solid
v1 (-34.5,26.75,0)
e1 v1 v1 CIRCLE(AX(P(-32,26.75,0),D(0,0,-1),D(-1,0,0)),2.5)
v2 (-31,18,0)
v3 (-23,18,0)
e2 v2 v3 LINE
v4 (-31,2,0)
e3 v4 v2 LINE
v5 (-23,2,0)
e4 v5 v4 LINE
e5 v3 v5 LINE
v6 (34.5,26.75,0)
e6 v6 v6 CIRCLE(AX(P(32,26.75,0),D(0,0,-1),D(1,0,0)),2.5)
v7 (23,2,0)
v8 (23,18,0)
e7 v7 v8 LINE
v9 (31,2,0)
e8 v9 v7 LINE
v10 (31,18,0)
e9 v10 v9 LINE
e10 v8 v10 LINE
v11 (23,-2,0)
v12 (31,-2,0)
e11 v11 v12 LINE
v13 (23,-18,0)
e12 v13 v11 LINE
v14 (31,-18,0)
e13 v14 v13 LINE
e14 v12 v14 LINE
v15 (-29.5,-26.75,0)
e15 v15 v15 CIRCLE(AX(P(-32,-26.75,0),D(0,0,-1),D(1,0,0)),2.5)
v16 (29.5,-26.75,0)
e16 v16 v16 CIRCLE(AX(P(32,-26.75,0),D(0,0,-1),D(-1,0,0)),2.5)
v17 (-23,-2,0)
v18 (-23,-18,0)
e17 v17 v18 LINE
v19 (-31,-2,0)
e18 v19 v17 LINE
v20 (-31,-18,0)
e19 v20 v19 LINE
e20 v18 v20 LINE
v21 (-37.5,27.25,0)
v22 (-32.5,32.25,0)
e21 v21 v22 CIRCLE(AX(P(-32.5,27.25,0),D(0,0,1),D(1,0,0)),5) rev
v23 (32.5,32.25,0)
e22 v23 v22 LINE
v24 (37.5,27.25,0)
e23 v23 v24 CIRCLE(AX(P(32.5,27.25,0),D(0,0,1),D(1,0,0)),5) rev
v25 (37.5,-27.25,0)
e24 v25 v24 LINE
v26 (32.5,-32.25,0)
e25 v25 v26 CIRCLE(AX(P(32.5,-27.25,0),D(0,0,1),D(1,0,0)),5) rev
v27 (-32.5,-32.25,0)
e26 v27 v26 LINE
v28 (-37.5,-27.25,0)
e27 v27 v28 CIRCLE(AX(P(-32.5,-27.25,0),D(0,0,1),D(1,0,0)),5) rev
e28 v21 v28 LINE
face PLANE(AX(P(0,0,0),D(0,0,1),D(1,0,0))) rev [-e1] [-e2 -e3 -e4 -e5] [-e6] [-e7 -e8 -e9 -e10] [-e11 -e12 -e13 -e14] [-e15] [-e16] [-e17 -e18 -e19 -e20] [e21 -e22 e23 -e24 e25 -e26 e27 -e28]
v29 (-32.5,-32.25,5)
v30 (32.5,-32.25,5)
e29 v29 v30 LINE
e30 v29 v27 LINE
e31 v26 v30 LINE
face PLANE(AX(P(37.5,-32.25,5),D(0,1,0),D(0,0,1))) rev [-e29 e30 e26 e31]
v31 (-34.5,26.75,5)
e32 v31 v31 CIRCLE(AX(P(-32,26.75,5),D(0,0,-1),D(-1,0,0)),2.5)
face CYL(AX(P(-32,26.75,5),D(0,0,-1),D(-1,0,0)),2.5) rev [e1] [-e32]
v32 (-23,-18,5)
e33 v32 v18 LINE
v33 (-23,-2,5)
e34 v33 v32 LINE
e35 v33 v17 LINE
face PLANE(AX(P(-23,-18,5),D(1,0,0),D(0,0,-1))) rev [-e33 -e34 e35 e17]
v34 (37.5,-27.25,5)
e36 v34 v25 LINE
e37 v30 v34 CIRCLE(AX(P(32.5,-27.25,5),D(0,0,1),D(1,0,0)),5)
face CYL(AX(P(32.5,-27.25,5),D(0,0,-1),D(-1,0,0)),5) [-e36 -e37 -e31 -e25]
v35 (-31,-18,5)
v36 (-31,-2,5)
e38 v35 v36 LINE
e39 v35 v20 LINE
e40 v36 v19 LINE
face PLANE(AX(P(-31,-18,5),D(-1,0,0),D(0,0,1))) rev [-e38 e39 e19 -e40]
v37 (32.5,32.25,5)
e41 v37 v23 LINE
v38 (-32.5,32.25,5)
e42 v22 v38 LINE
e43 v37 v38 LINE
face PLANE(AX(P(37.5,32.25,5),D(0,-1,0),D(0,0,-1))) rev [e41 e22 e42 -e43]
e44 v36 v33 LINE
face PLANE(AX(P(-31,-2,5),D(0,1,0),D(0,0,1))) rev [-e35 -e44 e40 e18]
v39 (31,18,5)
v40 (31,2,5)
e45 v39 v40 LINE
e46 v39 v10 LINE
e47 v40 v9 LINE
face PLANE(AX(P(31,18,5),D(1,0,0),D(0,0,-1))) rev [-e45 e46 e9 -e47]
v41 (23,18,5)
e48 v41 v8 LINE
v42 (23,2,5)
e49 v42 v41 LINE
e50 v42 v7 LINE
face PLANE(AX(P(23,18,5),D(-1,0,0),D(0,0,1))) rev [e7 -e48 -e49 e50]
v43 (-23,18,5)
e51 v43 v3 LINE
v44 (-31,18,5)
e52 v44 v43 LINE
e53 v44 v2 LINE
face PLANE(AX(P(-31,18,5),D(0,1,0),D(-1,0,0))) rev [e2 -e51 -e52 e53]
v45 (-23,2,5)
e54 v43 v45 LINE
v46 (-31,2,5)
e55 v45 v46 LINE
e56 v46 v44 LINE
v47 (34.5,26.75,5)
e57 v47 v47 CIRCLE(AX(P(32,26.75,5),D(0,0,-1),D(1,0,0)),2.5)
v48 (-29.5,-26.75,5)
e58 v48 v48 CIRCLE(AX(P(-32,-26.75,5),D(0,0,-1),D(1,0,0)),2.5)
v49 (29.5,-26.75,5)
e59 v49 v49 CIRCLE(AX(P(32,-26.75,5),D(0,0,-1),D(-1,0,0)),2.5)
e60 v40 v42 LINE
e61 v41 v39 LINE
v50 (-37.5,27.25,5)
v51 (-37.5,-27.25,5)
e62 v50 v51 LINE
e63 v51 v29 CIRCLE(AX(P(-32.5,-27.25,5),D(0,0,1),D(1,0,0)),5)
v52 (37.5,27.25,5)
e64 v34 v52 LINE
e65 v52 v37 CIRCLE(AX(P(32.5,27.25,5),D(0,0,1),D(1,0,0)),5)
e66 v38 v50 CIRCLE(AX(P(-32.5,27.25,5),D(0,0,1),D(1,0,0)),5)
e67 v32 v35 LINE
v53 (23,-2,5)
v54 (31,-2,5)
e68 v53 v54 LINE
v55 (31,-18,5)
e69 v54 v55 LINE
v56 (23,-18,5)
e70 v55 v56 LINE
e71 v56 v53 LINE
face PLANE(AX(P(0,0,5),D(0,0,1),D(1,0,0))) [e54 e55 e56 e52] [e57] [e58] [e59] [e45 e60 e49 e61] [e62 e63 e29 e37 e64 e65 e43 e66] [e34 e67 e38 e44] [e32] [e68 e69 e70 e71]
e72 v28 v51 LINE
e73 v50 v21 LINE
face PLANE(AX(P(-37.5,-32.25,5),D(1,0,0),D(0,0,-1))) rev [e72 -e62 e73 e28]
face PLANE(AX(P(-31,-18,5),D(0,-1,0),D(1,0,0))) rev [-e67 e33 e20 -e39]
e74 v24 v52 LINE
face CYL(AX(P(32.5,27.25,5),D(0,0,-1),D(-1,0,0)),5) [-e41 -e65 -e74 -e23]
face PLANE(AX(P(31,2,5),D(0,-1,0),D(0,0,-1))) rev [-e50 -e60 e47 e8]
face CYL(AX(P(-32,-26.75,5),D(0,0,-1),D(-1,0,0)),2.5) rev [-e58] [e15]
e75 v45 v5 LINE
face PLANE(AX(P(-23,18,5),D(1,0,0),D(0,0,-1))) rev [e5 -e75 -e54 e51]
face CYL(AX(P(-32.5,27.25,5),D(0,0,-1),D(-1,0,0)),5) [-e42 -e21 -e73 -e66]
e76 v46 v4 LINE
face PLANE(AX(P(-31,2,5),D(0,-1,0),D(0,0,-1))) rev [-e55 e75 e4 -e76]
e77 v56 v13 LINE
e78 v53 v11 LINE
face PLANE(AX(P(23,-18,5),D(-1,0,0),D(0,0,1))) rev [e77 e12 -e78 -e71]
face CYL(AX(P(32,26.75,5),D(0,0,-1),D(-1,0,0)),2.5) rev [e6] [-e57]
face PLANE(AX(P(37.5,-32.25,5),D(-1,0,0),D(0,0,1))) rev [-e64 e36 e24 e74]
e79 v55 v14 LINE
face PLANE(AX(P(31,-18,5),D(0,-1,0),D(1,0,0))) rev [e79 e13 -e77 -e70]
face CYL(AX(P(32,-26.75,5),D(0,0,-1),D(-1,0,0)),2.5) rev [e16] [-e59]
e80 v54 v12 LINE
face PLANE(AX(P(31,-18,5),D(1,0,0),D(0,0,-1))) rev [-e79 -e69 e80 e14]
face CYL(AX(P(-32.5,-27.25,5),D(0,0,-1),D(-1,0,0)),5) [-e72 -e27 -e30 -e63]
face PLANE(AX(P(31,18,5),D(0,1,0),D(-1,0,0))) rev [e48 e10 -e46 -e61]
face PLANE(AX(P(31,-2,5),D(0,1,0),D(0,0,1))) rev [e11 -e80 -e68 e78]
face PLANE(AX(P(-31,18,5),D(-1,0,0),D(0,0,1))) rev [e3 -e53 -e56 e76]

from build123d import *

# Parameters (mm, degrees)
SKETCH_1_W           = 75
SKETCH_1_H           = 64.5
EXTRUDE_1_DEPTH      = 5
EXTRUDE_2_DEPTH      = 2
EXTRUDE_2_DEPTH_BACK = 2
SKETCH_4_R           = 2.5
CUT_EXTRUDE_2_DEPTH  = 60.516345229
SKETCH_5_W           = 8
SKETCH_5_H           = 16
CUT_EXTRUDE_3_DEPTH  = 60.516345229
FILLET_1_R           = 5
SKETCH_6_W           = 33.787770844
SKETCH_6_H           = 60.601542709
CUT_EXTRUDE_4_DEPTH  = 10


with BuildPart() as part:
    # 草圖1 → 填料-伸長1 (new body)
    with BuildSketch(Plane.XY):
        Rectangle(SKETCH_1_W, SKETCH_1_H)
    extrude(amount=EXTRUDE_1_DEPTH)

    # 草圖2 → 填料-伸長2 (add, two sides: drawn at the far end of the back side and taken through both)
    with BuildSketch(Plane(origin=(0, 0, 0), x_dir=(0, 0, -1), z_dir=(1, 0, 0)).offset(-EXTRUDE_2_DEPTH_BACK)):
        Polygon((0, 29.870222578), (0, 0), (0, -29.870222578), (33.104121336, -21), (33.104121336, 21), align=None)
    extrude(amount=EXTRUDE_2_DEPTH + EXTRUDE_2_DEPTH_BACK)

    # 草圖4 → 除料-伸長2 (cut, through all)
    with BuildSketch(Plane(origin=(0, 0, 0), x_dir=(-1, 0, 0), z_dir=(0, 0, -1))):
        with Locations((32, 26.75)):
            Circle(SKETCH_4_R)
        with Locations(Location((32, -26.75, 0), (0, 0, 180))):
            Circle(SKETCH_4_R)
        with Locations((-32, -26.75)):
            Circle(SKETCH_4_R)
        with Locations(Location((-32, 26.75, 0), (0, 0, 180))):
            Circle(SKETCH_4_R)
    extrude(amount=-CUT_EXTRUDE_2_DEPTH, mode=Mode.SUBTRACT)

    # 草圖5 → 除料-伸長3 (cut, through all)
    with BuildSketch(Plane(origin=(0, 0, 0), x_dir=(-1, 0, 0), z_dir=(0, 0, -1))):
        with Locations((-27, 10)):
            Rectangle(SKETCH_5_W, SKETCH_5_H)
        with Locations((27, 10)):
            Rectangle(SKETCH_5_W, SKETCH_5_H)
        with Locations((27, -10)):
            Rectangle(SKETCH_5_W, SKETCH_5_H)
        with Locations((-27, -10)):
            Rectangle(SKETCH_5_W, SKETCH_5_H)
    extrude(amount=-CUT_EXTRUDE_3_DEPTH, mode=Mode.SUBTRACT)

    # 圓角1
    fillet_1_edges = [part.edges().sort_by_distance(p)[0] for p in [
        (0, -21, -33.104121336),
        (0, 21, -33.104121336),
        (-37.5, 32.25, 2.5),
        (37.5, 32.25, 2.5),
        (37.5, -32.25, 2.5),
        (-37.5, -32.25, 2.5),
    ]]
    fillet(fillet_1_edges, radius=FILLET_1_R)

    # 草圖6 → 除料-伸長4 (cut)
    with BuildSketch(Plane(origin=(2, 0, 0), x_dir=(0, 0, -1), z_dir=(1, 0, 0))):
        with Locations((16.893885422, -0.430548776)):
            Rectangle(SKETCH_6_W, SKETCH_6_H)
    extrude(amount=-CUT_EXTRUDE_4_DEPTH, mode=Mode.SUBTRACT)


solid = part.part
